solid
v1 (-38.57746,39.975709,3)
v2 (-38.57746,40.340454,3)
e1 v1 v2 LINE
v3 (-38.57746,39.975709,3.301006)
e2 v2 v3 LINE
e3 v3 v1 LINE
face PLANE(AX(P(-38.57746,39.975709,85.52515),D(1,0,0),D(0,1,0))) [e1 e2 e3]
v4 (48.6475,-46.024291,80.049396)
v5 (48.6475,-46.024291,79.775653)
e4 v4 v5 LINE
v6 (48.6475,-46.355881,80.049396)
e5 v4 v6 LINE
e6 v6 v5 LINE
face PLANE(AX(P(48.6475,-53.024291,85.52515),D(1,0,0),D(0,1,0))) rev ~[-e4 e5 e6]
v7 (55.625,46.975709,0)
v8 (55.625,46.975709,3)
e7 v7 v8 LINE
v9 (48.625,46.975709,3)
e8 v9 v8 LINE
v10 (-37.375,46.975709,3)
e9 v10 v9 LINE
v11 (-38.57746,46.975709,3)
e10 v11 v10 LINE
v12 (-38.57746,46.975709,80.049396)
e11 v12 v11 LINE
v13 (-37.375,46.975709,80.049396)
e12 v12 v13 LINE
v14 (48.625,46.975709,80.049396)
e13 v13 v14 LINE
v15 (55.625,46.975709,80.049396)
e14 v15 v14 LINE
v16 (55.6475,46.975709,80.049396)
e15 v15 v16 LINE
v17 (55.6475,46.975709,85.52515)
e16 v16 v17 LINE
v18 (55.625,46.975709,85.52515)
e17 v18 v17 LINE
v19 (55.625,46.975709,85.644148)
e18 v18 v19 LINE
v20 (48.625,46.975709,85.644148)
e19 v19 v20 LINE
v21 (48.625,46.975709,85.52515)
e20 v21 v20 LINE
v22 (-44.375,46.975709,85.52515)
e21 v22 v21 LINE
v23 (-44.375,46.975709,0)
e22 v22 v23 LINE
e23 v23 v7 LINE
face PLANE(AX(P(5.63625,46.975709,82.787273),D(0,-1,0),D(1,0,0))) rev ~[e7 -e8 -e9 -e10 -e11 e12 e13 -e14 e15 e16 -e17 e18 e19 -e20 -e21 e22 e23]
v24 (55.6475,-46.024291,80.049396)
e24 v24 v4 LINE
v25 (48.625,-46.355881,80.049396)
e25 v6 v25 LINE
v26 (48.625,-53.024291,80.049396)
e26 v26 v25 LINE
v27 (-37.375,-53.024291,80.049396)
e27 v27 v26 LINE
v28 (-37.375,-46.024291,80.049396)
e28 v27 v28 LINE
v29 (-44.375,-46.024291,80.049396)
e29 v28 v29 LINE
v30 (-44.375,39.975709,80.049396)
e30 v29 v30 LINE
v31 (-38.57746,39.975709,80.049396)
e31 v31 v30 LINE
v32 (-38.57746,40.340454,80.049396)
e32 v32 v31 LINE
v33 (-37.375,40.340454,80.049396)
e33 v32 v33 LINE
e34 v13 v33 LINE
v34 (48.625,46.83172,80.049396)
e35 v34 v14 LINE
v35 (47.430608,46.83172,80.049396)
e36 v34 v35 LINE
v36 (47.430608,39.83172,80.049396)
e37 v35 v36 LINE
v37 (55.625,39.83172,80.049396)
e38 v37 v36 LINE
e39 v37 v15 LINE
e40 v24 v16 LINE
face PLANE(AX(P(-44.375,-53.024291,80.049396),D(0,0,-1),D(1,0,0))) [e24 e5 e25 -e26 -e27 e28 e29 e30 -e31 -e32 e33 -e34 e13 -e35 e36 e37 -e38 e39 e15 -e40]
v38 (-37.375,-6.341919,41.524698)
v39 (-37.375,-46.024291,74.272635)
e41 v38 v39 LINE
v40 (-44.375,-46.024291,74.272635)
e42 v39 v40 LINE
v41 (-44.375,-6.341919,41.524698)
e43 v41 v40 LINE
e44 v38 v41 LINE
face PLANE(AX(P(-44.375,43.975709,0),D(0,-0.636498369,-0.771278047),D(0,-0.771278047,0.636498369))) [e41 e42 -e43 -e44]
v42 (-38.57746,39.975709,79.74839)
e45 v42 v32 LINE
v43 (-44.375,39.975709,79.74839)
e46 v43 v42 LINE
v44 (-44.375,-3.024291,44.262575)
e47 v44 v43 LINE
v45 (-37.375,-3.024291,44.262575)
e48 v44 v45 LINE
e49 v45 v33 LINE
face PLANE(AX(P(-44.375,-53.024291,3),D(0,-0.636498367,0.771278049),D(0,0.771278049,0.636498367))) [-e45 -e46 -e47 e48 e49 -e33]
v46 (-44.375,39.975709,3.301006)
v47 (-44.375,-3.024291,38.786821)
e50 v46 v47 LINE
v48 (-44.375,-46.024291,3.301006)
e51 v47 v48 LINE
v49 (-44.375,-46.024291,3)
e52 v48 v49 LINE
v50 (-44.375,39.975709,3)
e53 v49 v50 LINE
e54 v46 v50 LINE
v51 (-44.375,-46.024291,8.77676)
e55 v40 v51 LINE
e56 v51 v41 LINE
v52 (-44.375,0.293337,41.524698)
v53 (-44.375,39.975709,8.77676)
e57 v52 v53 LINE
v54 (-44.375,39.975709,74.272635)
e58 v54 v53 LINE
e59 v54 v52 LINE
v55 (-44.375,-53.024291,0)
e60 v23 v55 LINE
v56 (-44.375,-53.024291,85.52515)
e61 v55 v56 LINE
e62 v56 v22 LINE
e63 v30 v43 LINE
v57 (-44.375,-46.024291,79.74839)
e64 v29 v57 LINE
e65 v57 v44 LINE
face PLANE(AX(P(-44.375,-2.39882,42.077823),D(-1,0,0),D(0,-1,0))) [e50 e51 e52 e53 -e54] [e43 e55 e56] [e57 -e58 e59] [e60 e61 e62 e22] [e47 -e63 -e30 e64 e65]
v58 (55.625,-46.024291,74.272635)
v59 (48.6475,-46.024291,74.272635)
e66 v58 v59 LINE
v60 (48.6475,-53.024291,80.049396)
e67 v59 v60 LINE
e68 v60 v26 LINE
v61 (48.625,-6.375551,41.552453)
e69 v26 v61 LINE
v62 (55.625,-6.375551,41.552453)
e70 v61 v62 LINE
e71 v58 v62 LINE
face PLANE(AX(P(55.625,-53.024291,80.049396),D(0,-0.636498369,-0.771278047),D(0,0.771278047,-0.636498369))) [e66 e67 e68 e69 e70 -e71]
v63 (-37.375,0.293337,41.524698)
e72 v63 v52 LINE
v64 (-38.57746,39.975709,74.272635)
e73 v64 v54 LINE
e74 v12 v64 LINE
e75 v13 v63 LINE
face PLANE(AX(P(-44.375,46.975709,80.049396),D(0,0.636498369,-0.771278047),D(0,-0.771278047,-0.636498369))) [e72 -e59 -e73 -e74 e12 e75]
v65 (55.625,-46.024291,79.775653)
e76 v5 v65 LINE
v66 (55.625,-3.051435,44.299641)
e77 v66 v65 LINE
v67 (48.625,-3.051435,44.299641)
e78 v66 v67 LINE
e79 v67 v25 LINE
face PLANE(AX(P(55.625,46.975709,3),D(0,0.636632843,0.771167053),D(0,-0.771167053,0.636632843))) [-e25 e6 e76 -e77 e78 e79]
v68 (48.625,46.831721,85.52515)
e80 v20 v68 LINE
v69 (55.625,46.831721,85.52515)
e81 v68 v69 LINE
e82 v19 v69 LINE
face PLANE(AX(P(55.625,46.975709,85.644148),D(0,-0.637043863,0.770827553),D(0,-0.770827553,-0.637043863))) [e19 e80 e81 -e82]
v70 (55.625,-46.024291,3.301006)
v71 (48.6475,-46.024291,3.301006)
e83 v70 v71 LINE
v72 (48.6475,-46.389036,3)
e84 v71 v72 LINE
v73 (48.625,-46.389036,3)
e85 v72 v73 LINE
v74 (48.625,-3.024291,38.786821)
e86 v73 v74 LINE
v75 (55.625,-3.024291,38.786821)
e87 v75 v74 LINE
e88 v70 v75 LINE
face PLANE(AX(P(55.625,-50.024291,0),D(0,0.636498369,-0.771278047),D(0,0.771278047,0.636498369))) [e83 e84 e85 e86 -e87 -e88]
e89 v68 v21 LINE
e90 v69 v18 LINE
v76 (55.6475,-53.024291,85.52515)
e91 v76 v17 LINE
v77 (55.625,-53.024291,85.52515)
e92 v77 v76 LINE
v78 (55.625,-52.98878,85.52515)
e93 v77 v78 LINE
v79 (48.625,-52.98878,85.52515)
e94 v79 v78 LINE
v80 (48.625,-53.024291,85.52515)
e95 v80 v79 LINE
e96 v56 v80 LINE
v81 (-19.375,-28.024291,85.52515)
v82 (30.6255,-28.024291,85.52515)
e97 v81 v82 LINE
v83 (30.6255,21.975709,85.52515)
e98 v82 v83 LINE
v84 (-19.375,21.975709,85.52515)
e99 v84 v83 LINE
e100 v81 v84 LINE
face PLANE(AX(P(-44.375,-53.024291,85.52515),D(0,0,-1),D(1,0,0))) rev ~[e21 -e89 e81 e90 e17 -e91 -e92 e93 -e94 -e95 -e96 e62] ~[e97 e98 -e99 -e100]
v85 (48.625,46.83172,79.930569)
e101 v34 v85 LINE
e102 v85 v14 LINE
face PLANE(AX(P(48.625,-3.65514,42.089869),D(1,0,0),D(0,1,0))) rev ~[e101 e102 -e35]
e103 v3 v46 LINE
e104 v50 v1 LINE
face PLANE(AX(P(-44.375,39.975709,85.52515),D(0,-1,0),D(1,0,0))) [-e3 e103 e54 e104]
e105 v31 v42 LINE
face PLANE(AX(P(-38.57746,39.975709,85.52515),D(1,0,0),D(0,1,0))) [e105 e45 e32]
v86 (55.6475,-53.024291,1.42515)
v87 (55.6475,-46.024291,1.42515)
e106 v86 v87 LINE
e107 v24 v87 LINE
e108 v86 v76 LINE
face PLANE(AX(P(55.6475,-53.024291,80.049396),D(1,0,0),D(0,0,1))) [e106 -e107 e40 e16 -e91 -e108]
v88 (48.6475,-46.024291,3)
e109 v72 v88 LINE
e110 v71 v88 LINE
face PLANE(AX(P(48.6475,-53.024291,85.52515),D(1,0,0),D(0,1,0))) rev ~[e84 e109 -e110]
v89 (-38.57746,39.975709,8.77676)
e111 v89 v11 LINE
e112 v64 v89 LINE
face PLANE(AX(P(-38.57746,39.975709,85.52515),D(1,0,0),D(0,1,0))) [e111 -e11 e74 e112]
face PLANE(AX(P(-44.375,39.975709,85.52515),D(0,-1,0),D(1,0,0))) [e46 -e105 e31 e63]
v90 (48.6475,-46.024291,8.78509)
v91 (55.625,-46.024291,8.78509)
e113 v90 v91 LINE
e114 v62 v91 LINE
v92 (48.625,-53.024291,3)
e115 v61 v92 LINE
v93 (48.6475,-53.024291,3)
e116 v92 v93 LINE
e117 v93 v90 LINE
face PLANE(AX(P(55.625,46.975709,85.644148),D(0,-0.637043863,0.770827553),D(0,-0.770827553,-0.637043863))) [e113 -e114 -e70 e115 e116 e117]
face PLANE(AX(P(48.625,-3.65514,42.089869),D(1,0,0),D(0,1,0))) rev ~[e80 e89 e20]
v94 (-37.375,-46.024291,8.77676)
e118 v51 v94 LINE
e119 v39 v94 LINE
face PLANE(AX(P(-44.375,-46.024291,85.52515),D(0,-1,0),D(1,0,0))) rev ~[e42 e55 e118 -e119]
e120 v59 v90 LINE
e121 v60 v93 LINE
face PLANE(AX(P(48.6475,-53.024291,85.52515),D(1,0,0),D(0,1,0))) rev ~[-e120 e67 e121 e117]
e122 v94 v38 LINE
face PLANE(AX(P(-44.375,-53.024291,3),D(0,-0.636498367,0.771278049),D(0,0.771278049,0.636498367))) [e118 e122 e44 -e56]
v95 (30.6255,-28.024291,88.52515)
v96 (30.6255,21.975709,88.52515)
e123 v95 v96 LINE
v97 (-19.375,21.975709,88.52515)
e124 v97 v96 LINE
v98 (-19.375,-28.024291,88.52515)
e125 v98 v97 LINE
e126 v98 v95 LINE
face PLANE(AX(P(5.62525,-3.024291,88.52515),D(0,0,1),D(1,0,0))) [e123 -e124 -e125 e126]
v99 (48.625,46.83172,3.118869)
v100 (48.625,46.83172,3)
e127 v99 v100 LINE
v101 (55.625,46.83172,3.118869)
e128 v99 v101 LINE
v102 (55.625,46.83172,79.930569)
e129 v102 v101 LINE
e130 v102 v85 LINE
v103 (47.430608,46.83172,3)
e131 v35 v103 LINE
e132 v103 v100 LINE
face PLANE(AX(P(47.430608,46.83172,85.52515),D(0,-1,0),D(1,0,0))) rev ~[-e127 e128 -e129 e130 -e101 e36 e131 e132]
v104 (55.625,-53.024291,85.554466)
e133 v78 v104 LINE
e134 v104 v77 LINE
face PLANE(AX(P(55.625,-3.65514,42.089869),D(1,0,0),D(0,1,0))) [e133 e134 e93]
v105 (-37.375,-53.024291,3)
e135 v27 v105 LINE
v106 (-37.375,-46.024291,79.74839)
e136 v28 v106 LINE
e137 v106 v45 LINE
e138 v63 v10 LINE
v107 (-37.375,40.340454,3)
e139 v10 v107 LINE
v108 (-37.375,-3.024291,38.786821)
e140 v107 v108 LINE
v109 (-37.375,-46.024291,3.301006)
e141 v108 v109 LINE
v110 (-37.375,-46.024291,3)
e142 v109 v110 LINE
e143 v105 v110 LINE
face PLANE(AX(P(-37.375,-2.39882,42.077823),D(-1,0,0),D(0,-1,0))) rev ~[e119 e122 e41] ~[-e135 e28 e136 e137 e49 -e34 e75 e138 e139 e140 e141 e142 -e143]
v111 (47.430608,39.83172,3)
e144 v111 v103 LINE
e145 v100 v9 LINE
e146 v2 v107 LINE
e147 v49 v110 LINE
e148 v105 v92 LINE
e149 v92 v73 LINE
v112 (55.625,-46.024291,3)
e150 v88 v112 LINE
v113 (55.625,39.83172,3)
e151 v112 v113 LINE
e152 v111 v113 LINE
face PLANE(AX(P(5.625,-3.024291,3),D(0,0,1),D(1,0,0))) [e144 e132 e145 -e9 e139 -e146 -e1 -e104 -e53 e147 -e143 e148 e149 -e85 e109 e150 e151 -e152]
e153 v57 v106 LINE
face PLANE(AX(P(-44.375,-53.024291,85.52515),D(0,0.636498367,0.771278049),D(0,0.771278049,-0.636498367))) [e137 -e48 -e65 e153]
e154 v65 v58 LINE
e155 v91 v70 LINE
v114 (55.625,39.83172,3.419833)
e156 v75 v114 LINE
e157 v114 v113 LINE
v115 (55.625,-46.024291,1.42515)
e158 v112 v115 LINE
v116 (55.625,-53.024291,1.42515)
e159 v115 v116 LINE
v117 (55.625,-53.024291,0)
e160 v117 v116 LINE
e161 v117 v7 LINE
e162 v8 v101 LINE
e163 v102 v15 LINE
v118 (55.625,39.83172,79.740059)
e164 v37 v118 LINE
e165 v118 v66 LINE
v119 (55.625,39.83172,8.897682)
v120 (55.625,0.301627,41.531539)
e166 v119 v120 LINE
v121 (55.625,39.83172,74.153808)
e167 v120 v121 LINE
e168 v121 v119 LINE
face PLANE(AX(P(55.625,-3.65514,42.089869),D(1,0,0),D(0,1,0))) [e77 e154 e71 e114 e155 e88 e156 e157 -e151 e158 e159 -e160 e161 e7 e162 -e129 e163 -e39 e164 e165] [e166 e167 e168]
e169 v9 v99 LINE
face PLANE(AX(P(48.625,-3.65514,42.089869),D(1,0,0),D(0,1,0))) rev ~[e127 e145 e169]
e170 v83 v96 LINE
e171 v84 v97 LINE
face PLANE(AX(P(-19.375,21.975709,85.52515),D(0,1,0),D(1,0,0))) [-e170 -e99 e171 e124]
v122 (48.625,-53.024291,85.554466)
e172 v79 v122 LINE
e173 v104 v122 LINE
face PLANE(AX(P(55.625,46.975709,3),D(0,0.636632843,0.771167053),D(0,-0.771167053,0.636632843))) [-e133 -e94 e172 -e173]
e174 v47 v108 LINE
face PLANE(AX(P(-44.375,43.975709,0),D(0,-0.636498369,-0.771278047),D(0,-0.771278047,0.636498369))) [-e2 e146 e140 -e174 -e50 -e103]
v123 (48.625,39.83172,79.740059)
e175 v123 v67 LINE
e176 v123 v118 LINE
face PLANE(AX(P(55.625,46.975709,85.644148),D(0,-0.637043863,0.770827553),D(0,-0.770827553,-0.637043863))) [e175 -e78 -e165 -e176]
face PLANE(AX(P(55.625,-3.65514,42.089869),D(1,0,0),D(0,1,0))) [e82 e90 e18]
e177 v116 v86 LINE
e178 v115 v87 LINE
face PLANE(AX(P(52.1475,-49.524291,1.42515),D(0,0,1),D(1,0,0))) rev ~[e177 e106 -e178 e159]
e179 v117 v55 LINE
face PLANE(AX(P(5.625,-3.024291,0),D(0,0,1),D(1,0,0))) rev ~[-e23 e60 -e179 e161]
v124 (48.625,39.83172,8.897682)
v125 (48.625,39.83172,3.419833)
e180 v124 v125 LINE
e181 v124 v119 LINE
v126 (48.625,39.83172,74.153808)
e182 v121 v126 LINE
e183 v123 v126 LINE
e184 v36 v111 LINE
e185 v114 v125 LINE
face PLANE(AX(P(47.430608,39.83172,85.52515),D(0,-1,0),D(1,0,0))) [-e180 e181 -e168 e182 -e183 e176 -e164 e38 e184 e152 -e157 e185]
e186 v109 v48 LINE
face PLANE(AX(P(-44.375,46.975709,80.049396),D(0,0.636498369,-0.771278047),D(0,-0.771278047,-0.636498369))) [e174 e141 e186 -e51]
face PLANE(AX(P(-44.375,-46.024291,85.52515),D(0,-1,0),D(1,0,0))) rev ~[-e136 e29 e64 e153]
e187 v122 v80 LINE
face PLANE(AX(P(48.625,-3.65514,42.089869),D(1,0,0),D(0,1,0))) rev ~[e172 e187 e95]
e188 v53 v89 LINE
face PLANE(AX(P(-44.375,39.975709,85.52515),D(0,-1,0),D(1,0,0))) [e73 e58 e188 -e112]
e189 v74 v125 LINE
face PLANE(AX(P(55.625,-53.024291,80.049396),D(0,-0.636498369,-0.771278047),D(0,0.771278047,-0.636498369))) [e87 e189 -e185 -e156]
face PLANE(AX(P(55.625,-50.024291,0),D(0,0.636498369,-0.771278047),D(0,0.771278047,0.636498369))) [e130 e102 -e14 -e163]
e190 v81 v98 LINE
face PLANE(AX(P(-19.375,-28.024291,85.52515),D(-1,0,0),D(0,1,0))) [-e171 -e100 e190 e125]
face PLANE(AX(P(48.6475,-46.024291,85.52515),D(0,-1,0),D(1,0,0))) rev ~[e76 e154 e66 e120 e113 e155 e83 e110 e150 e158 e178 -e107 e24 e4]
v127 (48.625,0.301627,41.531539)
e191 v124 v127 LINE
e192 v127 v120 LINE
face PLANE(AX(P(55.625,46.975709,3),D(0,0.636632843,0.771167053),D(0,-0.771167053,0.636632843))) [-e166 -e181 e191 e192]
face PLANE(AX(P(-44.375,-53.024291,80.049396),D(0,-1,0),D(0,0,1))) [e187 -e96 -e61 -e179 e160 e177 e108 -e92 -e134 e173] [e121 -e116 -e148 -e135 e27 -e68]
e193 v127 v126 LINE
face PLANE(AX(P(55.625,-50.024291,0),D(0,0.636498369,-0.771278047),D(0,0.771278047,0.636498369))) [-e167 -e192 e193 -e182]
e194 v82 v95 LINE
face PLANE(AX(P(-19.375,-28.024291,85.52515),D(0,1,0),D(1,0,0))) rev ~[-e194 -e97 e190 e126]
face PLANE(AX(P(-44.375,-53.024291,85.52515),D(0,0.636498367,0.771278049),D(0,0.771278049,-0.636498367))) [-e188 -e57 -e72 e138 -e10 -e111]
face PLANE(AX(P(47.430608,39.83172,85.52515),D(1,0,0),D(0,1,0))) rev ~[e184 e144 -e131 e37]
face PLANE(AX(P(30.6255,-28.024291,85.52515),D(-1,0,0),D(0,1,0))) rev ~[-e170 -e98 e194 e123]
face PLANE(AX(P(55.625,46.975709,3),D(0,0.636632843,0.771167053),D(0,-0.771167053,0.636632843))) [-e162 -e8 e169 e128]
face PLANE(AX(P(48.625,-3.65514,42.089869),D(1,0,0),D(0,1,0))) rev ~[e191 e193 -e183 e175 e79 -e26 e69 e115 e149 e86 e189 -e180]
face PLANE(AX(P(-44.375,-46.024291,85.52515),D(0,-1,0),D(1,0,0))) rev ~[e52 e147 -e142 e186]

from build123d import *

# Parameters (mm, degrees)
F0_W      = 100
F0_H      = 100
F1_DEPTH  = 3
F3_DEPTH  = 7
F5_DEPTH  = 7
F7_DEPTH  = 7
F9_DEPTH  = 7
F10_W     = 100.0225
F10_H     = 5.475754
F11_DEPTH = 100
F12_W     = 50.0005
F12_H     = 50
F13_DEPTH = 3
F14_W     = 5.79754
F14_H     = 7
F14_W_2   = 8.194392
F14_W_3   = 7
F15_DEPTH = 84.1


with BuildPart() as f1:
    # F0 (on Top) → F1 (new body)
    with BuildSketch(Plane.XY):
        with Locations((5.625, -3.024291)):
            Rectangle(F0_W, F0_H)
    extrude(amount=F1_DEPTH)

    # F2 (on face) → F3 (join)
    with BuildSketch(Plane(origin=(-44.375, 0, 0), x_dir=(0, -1, 0), z_dir=(-1, 0, 0))):
        Polygon((-46.975709, 0), (-43.975709, 0), (53.024291, 80.049396), (53.024291, 85.52515), (-46.975709, 3), align=None)
    extrude(amount=-F3_DEPTH)

    # F4 (on face) → F5 (join)
    with BuildSketch(Plane(origin=(-44.375, 0, 0), x_dir=(0, -1, 0), z_dir=(-1, 0, 0))):
        Polygon((-46.975709, 80.049396), (50.024291, 0), (53.024291, 0), (53.024291, 3), (-46.975709, 85.52515), align=None)
    extrude(amount=-F5_DEPTH)

    # F6 (on face) → F7 (join)
    with BuildSketch(Plane.YZ.offset(55.625)):
        Polygon((-53.024291, 0), (-50.024291, 0), (46.975709, 80.049396), (46.975709, 85.644148), (-53.024291, 3), align=None)
    extrude(amount=-F7_DEPTH)

    # F8 (on face) → F9 (join)
    with BuildSketch(Plane.YZ.offset(55.625)):
        Polygon((-53.024291, 80.049396), (43.975709, 0), (46.975709, 0), (46.975709, 3), (-53.024291, 85.554466), align=None)
    extrude(amount=-F9_DEPTH)

    # F10 (on face) → F11 (join)
    with BuildSketch(Plane.XZ.offset(53.024291)):
        with Locations((5.63625, 82.787273)):
            Rectangle(F10_W, F10_H)
    extrude(amount=-F11_DEPTH)

    # F12 (on face) → F13 (join)
    with BuildSketch(Plane.XY.offset(85.52515)):
        with Locations((5.62525, -3.024291)):
            Rectangle(F12_W, F12_H)
    extrude(amount=F13_DEPTH)

    # F14 (on face) → F15 (join)
    with BuildSketch(Plane.XY.offset(85.52515)):
        with Locations((-41.47623, 43.475709)):
            Rectangle(F14_W, F14_H)
        with Locations((51.527804, 43.33172)):
            Rectangle(F14_W_2, F14_H)
        with Locations((52.1475, -49.524291)):
            Rectangle(F14_W_3, F14_H)
        with Locations((-40.875, -49.524291)):
            Rectangle(F14_W_3, F14_H)
    extrude(amount=-F15_DEPTH)


solid = f1.part
